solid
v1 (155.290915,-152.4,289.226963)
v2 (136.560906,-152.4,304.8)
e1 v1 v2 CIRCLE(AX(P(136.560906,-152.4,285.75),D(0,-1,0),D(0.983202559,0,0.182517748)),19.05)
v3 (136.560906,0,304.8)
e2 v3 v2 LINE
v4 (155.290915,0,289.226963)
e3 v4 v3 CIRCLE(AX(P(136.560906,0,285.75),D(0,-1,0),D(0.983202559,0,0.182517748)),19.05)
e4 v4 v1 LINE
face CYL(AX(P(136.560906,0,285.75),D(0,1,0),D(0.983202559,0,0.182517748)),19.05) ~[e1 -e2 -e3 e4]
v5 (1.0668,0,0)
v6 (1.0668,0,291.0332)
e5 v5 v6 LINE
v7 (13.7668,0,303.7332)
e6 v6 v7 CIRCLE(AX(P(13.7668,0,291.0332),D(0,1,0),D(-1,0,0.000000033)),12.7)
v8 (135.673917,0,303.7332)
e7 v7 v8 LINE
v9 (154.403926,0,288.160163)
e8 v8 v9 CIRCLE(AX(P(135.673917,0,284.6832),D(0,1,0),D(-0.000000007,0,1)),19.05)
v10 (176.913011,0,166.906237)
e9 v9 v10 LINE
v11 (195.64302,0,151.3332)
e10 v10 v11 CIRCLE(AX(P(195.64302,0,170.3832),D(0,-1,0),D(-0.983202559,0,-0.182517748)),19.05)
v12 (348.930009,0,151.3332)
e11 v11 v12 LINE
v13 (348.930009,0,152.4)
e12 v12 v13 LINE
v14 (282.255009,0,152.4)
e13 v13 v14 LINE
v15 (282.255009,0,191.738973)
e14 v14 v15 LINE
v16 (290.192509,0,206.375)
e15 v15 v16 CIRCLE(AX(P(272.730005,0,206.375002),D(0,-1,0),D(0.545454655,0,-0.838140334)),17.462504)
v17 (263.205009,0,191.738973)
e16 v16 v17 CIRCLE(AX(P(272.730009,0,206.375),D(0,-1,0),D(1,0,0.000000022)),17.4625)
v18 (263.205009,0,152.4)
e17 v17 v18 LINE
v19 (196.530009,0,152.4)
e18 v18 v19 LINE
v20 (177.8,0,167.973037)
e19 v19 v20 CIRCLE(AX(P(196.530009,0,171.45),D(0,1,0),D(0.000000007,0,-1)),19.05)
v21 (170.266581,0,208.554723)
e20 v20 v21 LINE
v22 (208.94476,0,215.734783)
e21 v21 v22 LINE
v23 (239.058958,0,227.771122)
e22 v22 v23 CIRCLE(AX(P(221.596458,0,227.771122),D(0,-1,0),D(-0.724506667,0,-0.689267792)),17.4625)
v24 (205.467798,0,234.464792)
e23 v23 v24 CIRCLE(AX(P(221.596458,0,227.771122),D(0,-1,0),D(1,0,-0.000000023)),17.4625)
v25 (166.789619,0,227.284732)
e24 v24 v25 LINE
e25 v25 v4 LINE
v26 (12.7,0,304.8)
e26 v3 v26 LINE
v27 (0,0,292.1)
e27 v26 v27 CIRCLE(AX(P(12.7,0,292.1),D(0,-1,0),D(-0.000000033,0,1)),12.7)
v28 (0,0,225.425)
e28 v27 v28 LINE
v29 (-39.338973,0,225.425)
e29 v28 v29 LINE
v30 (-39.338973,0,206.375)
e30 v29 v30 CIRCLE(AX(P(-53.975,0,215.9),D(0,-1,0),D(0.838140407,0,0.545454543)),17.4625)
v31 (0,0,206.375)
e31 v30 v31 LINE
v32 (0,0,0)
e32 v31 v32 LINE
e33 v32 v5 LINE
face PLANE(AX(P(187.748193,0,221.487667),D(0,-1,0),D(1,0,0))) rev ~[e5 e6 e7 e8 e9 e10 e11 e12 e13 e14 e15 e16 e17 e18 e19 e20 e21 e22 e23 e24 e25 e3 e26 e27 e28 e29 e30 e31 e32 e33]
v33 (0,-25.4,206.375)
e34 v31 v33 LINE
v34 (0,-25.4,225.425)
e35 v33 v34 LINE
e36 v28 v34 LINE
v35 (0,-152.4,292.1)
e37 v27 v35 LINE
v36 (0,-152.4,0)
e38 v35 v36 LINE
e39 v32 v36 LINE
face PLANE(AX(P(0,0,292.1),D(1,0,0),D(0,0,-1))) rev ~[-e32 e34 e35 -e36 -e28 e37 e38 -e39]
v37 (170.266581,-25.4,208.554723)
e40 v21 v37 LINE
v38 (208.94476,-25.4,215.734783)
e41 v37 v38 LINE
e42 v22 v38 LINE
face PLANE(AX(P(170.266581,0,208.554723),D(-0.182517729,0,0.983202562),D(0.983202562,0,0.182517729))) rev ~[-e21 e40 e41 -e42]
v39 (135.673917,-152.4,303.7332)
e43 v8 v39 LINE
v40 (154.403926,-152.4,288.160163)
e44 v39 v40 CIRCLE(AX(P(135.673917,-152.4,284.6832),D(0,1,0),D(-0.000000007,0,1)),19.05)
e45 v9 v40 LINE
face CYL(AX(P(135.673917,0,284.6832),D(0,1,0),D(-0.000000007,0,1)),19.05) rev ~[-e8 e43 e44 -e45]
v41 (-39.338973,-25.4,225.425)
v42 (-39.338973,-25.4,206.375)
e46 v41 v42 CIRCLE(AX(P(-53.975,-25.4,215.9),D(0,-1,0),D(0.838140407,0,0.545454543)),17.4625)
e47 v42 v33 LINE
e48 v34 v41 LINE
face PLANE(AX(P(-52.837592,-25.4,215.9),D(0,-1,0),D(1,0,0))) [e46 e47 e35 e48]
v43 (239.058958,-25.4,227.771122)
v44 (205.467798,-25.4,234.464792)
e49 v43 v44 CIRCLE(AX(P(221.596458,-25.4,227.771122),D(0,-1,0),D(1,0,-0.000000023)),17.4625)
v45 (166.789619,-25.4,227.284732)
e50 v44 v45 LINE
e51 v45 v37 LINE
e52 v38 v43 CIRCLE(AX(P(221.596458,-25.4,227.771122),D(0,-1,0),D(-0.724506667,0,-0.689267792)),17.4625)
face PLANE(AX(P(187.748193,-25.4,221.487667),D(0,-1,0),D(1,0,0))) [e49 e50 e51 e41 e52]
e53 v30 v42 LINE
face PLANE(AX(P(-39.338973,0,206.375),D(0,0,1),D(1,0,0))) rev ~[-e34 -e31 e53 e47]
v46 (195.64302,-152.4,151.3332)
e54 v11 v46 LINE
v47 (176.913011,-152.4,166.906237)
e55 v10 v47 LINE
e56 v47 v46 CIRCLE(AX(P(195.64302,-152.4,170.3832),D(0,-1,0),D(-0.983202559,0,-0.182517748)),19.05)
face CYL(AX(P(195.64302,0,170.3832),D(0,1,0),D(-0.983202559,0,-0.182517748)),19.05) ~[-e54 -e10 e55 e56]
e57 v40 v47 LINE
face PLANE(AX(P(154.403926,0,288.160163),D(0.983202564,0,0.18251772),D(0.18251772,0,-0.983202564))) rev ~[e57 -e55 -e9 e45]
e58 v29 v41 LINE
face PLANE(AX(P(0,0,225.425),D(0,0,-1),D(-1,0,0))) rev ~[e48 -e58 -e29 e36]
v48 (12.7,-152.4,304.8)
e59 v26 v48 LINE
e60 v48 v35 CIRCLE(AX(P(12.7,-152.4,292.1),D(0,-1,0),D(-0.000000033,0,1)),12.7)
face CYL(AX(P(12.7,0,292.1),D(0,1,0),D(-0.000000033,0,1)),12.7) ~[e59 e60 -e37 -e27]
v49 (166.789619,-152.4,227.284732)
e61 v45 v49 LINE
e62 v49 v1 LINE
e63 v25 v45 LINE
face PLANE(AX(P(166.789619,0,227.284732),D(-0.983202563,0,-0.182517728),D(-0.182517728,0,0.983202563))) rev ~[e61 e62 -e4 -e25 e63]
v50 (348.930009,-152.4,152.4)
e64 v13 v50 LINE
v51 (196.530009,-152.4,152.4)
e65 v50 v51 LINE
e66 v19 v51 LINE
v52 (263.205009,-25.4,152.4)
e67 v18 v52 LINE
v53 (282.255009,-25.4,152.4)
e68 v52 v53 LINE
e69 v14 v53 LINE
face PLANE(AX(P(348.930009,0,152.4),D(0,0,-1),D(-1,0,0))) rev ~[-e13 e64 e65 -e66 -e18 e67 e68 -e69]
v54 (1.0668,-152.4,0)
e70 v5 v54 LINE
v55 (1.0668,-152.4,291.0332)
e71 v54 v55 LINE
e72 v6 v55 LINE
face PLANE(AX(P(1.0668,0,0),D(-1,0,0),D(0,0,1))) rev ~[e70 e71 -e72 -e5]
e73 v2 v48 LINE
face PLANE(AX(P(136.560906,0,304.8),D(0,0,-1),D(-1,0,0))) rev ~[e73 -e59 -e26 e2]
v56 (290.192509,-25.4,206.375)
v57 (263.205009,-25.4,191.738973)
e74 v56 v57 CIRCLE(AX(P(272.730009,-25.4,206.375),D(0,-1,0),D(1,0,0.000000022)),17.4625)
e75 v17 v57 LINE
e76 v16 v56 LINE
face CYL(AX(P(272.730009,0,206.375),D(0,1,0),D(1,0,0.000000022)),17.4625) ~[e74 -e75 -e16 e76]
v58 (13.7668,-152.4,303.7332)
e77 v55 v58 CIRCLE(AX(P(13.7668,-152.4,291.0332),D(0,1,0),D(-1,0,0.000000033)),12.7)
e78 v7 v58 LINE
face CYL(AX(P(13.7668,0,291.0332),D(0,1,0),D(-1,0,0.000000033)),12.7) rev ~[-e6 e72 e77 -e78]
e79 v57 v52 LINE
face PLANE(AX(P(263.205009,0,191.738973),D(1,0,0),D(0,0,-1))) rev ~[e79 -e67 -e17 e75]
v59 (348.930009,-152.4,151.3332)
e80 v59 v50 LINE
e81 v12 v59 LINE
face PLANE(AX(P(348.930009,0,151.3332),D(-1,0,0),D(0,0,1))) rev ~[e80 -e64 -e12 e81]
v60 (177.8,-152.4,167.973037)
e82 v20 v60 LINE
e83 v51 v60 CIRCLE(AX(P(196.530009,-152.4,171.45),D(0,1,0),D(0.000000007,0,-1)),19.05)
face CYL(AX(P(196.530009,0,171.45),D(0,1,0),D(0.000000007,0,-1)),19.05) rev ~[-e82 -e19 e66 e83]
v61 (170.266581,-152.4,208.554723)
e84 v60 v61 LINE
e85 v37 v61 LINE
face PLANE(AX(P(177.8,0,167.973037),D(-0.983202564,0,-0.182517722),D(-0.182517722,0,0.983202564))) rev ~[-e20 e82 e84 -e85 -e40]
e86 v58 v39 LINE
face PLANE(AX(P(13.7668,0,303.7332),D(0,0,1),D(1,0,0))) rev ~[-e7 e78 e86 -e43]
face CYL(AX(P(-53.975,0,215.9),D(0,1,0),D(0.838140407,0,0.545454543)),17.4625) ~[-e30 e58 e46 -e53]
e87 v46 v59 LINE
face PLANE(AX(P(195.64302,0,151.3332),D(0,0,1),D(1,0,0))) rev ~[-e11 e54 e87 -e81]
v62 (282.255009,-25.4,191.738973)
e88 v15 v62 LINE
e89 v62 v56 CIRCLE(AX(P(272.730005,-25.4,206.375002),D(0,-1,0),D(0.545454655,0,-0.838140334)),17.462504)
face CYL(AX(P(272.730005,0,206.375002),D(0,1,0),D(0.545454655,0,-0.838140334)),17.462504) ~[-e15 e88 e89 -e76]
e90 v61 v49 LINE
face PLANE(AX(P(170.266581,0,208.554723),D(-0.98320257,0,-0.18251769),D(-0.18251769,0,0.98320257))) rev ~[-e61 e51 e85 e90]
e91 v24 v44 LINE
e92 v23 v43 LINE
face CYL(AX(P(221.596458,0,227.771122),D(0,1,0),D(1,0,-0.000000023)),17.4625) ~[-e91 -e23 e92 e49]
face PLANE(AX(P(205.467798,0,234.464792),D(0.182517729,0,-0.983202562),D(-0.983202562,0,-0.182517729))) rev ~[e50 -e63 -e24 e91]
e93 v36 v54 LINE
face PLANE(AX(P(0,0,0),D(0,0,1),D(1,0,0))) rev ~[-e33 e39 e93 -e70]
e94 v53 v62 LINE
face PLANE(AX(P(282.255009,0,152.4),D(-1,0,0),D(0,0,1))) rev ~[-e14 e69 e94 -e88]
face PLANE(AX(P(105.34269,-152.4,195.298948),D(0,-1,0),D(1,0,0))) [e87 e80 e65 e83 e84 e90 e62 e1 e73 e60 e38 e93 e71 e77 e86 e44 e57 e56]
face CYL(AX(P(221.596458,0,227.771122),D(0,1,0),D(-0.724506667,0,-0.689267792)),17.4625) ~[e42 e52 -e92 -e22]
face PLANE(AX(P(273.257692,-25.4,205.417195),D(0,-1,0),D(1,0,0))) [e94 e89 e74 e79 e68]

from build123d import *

# Parameters (mm, degrees)
F1_DEPTH = 152.4
F2_DEPTH = 25.4


with BuildPart() as f1:
    # F0 (on Front) → F1 (new body)
    with BuildSketch(Plane.XZ):
        with BuildLine():
            Line((0, 206.375), (0, 0))
            Line((0, 0), (1.0668, 0))
            Line((1.0668, 0), (1.0668, 291.0332))
            ThreePointArc((1.0668, 291.0332), (4.786544, 300.013456), (13.7668, 303.7332))
            Line((13.7668, 303.7332), (135.673917, 303.7332))
            ThreePointArc((135.673917, 303.7332), (147.853128, 299.331385), (154.403926, 288.160163))
            Line((154.403926, 288.160163), (176.913011, 166.906237))
            ThreePointArc((176.913011, 166.906237), (183.463809, 155.735015), (195.64302, 151.3332))
            Line((195.64302, 151.3332), (348.930009, 151.3332))
            Line((348.930009, 151.3332), (348.930009, 152.4))
            Line((348.930009, 152.4), (282.255009, 152.4))
            Line((282.255009, 152.4), (263.205009, 152.4))
            Line((263.205009, 152.4), (196.530009, 152.4))
            ThreePointArc((196.530009, 152.4), (184.350798, 156.801815), (177.8, 167.973037))
            Line((177.8, 167.973037), (170.266581, 208.554723))
            Line((170.266581, 208.554723), (166.789619, 227.284732))
            Line((166.789619, 227.284732), (155.290915, 289.226963))
            ThreePointArc((155.290915, 289.226963), (148.740117, 300.398185), (136.560906, 304.8))
            Line((136.560906, 304.8), (12.7, 304.8))
            ThreePointArc((12.7, 304.8), (3.719744, 301.080256), (0, 292.1))
            Line((0, 292.1), (0, 225.425))
            Line((0, 225.425), (0, 206.375))
        make_face()
    extrude(amount=F1_DEPTH)

    # F0 (on Front) → F2 (join)
    with BuildSketch(Plane.XZ):
        with BuildLine():
            ThreePointArc((-39.338973, 225.425), (-71.4375, 215.9), (-39.338973, 206.375))
            ThreePointArc((-39.338973, 206.375), (-37.234024, 210.93224), (-36.5125, 215.9))
            ThreePointArc((-36.5125, 215.9), (-37.234024, 220.86776), (-39.338973, 225.425))
        make_face()
        with BuildLine():
            Line((-39.338973, 206.375), (0, 206.375))
            Line((0, 206.375), (0, 225.425))
            Line((0, 225.425), (-39.338973, 225.425))
            ThreePointArc((-39.338973, 225.425), (-37.234024, 220.86776), (-36.5125, 215.9))
            ThreePointArc((-36.5125, 215.9), (-37.234024, 210.93224), (-39.338973, 206.375))
        make_face()
        with BuildLine():
            Line((205.467798, 234.464792), (166.789619, 227.284732))
            Line((166.789619, 227.284732), (170.266581, 208.554723))
            Line((170.266581, 208.554723), (208.94476, 215.734783))
            ThreePointArc((208.94476, 215.734783), (204.427283, 224.583906), (205.467798, 234.464792))
        make_face()
        with BuildLine():
            ThreePointArc((239.058958, 227.771122), (225.009095, 244.896916), (205.467798, 234.464792))
            ThreePointArc((205.467798, 234.464792), (204.427283, 224.583906), (208.94476, 215.734783))
            ThreePointArc((208.94476, 215.734783), (228.077532, 211.555864), (239.058958, 227.771122))
        make_face()
        with BuildLine():
            ThreePointArc((263.205009, 191.738973), (272.730009, 188.9125), (282.255009, 191.738973))
            ThreePointArc((282.255009, 191.738973), (288.080403, 198.05008), (290.192509, 206.375))
            ThreePointArc((290.192509, 206.375), (264.405089, 221.725394), (263.205009, 191.738973))
        make_face()
        with BuildLine():
            Line((263.205009, 152.4), (282.255009, 152.4))
            Line((282.255009, 152.4), (282.255009, 191.738973))
            ThreePointArc((282.255009, 191.738973), (272.730009, 188.9125), (263.205009, 191.738973))
            Line((263.205009, 191.738973), (263.205009, 152.4))
        make_face()
    extrude(amount=F2_DEPTH)


solid = f1.part
